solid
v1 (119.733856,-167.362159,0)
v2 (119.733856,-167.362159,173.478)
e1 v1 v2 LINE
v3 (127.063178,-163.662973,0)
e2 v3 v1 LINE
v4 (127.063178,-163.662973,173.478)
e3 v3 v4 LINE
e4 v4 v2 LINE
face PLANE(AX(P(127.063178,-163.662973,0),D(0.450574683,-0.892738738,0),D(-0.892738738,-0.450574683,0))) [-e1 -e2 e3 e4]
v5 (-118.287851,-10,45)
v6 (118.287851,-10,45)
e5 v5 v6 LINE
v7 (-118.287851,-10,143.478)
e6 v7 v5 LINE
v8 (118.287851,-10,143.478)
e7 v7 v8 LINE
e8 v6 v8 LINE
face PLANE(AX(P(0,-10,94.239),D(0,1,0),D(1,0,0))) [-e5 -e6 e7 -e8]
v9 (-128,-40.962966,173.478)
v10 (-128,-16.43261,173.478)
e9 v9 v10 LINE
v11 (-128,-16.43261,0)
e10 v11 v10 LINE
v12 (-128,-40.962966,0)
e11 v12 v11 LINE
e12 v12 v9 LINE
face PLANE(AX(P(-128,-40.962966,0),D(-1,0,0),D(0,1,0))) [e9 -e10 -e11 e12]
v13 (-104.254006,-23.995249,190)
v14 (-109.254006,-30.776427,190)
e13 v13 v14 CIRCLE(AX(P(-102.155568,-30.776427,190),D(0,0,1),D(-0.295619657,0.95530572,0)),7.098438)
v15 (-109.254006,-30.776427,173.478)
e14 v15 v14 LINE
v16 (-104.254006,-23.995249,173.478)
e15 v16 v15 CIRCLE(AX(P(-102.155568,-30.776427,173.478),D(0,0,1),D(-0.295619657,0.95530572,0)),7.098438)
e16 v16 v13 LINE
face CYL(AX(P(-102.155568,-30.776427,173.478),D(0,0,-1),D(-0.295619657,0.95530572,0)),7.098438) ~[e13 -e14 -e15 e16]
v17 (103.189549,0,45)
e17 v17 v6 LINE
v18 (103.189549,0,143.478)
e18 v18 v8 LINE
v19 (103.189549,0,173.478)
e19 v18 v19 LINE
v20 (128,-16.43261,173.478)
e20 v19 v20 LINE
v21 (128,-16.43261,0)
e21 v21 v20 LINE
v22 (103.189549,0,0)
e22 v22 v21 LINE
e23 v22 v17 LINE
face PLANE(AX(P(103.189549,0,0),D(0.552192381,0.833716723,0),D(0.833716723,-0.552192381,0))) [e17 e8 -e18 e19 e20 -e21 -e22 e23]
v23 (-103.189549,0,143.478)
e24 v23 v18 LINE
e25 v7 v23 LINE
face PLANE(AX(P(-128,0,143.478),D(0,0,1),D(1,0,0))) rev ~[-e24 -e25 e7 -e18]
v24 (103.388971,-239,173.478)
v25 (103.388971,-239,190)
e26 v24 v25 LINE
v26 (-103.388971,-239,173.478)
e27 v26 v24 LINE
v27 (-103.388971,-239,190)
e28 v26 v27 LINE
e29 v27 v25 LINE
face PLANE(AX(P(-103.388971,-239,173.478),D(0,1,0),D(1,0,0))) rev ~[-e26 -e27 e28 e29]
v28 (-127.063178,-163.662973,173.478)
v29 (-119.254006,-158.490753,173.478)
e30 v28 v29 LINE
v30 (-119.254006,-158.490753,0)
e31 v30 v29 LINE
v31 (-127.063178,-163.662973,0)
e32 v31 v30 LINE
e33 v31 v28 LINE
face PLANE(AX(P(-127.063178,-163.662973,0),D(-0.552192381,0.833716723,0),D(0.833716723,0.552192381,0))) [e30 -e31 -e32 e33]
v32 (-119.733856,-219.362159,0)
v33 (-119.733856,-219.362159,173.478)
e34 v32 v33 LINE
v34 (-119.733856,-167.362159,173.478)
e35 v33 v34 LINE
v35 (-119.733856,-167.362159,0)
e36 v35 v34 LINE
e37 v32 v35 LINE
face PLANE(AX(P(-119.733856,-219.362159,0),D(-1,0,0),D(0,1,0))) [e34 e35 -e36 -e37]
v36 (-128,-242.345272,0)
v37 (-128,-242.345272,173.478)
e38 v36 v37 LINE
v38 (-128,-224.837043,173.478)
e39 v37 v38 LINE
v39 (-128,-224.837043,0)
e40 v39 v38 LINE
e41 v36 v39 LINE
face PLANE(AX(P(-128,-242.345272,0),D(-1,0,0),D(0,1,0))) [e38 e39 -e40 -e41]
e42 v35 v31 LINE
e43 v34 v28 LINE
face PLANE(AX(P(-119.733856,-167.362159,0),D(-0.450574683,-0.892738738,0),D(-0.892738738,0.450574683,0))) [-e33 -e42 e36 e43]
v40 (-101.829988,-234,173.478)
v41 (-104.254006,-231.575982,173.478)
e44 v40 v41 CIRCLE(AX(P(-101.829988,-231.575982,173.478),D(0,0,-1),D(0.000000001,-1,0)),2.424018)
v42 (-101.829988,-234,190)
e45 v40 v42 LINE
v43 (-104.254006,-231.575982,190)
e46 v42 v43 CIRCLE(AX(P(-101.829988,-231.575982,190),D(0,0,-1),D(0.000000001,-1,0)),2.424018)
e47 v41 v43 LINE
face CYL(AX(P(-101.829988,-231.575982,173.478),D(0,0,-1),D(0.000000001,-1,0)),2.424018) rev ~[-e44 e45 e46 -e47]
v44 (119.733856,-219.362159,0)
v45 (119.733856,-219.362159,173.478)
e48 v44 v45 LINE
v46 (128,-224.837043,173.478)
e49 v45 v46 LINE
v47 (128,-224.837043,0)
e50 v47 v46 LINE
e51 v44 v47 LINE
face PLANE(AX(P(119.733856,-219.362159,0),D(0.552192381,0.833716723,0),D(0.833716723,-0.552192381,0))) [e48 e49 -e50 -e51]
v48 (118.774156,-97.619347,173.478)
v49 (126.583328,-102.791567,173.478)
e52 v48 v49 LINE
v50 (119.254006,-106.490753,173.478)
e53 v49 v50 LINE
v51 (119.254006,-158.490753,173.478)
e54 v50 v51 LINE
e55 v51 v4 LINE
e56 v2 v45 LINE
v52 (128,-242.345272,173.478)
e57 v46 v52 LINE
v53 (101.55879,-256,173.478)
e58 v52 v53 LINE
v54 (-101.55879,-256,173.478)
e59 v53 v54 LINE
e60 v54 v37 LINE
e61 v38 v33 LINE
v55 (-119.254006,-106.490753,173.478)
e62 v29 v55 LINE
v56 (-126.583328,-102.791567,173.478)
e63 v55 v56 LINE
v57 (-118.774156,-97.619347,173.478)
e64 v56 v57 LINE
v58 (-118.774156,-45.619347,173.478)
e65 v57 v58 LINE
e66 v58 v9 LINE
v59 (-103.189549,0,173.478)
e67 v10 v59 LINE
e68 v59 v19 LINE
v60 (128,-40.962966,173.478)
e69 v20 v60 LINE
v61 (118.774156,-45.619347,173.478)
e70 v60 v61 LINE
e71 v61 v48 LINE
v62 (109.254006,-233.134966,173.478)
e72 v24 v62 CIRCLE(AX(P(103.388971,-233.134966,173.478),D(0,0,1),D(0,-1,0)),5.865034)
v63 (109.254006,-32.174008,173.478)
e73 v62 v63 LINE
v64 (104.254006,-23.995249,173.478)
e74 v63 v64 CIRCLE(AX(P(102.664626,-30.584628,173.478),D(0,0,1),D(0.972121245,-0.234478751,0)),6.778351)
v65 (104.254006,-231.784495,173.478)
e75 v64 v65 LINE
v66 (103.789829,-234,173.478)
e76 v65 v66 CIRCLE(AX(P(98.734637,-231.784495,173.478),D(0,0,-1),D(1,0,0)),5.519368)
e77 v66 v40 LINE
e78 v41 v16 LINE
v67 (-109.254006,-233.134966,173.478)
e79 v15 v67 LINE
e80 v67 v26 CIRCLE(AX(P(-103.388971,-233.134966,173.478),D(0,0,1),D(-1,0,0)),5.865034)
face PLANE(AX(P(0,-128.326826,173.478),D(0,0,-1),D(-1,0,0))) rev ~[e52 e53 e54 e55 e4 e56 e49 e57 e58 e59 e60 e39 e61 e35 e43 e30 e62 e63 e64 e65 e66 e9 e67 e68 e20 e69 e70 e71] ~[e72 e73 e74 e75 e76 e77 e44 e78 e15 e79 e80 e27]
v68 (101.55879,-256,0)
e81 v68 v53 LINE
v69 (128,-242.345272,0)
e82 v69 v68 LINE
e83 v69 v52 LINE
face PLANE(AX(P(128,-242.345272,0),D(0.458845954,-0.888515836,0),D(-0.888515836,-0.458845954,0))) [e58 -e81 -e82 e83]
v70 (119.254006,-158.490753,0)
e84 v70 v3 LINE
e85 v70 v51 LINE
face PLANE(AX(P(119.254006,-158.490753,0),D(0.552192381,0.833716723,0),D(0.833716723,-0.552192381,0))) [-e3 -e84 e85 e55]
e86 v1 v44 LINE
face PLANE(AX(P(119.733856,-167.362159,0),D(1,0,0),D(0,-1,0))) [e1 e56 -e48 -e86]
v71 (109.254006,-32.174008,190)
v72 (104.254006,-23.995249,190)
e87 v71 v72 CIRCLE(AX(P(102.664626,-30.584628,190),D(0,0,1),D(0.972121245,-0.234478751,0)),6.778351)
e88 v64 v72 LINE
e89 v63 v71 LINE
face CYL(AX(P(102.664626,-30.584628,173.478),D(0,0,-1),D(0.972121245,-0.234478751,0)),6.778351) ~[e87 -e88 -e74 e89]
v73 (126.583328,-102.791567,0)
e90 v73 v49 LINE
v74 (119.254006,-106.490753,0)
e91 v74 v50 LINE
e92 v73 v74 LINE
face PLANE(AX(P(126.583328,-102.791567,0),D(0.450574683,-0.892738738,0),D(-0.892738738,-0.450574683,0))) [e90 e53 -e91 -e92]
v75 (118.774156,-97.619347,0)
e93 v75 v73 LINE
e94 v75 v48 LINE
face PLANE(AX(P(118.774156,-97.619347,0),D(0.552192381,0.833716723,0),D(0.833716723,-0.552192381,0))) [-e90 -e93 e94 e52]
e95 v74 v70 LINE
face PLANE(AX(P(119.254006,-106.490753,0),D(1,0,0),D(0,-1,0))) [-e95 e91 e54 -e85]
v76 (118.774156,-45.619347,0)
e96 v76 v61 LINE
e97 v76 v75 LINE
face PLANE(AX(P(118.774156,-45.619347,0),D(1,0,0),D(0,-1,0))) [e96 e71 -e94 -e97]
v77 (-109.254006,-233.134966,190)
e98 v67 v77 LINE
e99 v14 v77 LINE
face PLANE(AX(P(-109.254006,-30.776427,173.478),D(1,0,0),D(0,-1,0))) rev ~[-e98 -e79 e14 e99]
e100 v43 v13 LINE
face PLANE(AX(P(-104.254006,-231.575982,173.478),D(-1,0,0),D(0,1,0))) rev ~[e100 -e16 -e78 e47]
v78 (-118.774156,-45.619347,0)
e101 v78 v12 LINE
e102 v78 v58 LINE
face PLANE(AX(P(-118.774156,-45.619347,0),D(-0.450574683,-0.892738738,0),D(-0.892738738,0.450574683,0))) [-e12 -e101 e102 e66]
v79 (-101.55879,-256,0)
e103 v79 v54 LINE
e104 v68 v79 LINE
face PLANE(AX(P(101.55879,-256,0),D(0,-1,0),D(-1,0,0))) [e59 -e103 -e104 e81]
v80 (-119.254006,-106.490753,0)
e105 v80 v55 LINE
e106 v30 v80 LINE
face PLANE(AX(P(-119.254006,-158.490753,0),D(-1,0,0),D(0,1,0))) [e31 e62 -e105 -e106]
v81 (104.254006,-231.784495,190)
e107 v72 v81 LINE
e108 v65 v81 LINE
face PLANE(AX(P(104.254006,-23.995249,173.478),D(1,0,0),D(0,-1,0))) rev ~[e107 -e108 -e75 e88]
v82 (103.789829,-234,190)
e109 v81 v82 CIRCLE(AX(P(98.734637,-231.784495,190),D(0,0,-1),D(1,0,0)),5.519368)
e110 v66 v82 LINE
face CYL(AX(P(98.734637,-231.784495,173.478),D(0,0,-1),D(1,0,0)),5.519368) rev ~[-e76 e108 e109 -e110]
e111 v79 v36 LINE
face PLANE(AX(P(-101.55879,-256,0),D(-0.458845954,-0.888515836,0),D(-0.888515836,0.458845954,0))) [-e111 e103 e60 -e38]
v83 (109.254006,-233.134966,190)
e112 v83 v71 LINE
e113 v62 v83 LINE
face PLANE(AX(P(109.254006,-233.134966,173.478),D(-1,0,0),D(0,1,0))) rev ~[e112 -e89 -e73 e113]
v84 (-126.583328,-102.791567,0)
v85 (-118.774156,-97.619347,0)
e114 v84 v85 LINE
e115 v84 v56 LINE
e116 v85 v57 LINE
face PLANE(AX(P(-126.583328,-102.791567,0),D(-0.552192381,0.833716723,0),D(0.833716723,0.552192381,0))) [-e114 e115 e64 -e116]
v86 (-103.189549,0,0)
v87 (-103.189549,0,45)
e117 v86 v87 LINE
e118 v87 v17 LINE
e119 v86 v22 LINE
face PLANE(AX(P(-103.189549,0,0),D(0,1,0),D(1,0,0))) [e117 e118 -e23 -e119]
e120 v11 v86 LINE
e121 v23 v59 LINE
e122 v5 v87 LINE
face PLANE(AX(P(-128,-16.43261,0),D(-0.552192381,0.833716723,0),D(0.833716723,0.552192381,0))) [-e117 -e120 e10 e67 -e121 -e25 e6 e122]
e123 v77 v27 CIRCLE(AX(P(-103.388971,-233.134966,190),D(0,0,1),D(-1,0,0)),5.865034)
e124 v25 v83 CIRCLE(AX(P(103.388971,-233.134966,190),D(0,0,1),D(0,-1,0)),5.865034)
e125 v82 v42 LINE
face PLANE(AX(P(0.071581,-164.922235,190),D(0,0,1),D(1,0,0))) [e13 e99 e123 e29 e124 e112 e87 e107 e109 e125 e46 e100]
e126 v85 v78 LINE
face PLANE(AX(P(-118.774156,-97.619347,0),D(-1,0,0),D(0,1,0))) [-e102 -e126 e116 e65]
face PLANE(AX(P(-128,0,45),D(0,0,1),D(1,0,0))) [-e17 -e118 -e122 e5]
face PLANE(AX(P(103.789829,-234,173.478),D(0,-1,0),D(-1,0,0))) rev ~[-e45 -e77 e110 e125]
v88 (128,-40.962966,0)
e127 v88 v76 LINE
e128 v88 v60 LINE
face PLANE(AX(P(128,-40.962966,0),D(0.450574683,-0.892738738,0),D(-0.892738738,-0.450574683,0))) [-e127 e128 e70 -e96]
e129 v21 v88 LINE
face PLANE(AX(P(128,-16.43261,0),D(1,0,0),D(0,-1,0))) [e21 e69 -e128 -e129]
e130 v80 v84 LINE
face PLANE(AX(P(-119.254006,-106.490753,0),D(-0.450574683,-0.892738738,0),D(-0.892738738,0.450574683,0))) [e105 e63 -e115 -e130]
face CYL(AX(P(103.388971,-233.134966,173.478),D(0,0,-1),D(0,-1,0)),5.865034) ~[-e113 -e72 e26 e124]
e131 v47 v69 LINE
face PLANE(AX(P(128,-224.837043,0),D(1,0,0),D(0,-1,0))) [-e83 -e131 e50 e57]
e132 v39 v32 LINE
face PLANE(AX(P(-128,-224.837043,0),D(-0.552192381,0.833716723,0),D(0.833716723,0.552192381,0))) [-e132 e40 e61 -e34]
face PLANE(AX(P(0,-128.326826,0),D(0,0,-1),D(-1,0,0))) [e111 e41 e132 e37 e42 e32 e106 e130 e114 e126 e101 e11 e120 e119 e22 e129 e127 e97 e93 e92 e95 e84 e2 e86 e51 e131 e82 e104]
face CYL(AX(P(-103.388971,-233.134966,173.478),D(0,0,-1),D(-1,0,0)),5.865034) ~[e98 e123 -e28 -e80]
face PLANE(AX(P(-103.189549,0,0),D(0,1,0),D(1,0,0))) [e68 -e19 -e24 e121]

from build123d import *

# Parameters (mm, degrees)
BOSS_EXTRUDE1_DEPTH = 173.478
BOSS_EXTRUDE2_DEPTH = 16.522
SKETCH5_W           = 256
SKETCH5_H           = 98.478
CUT_EXTRUDE3_DEPTH  = 10


with BuildPart() as part:
    # Sketch1 → Boss-Extrude1 (new body)
    with BuildSketch(Plane.XY):
        Polygon((-103.1895488, 0), (103.1895488, 0), (128, -16.432610434), (128, -40.962966098), (118.774155672, -45.61934731), (118.774155672, -97.61934731), (126.583328469, -102.791566604), (119.25400561, -106.490753372), (119.25400561, -158.490753372), (127.063178407, -163.662972666), (119.733855548, -167.362159434), (119.733855548, -219.362159434), (128, -224.837043001), (128, -242.345271931), (101.558790198, -256), (-101.558790198, -256), (-128, -242.345271931), (-128, -224.837043001), (-119.733855548, -219.362159434), (-119.733855548, -167.362159434), (-127.063178407, -163.662972666), (-119.25400561, -158.490753372), (-119.25400561, -106.490753372), (-126.583328469, -102.791566604), (-118.774155672, -97.61934731), (-118.774155672, -45.61934731), (-128, -40.962966098), (-128, -16.432610434), align=None)
    extrude(amount=BOSS_EXTRUDE1_DEPTH)

    # Sketch3 → Boss-Extrude2 (add)
    with BuildSketch(Plane.XY.offset(173.478)):
        with BuildLine():
            Line((-109.25400561, -30.77642723), (-109.25400561, -233.134965715))
            ThreePointArc((-109.25400561, -233.134965715), (-107.53617684, -237.28217123), (-103.388971325, -239))
            Line((-103.388971325, -239), (103.388971325, -239))
            ThreePointArc((103.388971325, -239), (107.53617684, -237.28217123), (109.25400561, -233.134965715))
            Line((109.25400561, -233.134965715), (109.25400561, -32.174007784))
            ThreePointArc((109.25400561, -32.174007784), (108.447882002, -27.049094521), (104.25400561, -23.99524907))
            Line((104.25400561, -23.99524907), (104.25400561, -231.784495248))
            ThreePointArc((104.25400561, -231.784495248), (104.136715259, -232.916299233), (103.789829206, -234))
            Line((103.789829206, -234), (-101.829987525, -234))
            ThreePointArc((-101.829987525, -234), (-103.544027151, -233.290021541), (-104.25400561, -231.575981915))
            Line((-104.25400561, -231.575981915), (-104.25400561, -23.99524907))
            ThreePointArc((-104.25400561, -23.99524907), (-107.868861491, -26.563815889), (-109.25400561, -30.77642723))
        make_face()
    extrude(amount=BOSS_EXTRUDE2_DEPTH)

    # Sketch5 → Cut-Extrude3 (cut)
    with BuildSketch(Plane(origin=(0, 0, 0), x_dir=(1, 0, 0), z_dir=(0, 1, 0))):
        with Locations((0, -94.239)):
            Rectangle(SKETCH5_W, SKETCH5_H)
    extrude(amount=-CUT_EXTRUDE3_DEPTH, mode=Mode.SUBTRACT)


solid = part.part
